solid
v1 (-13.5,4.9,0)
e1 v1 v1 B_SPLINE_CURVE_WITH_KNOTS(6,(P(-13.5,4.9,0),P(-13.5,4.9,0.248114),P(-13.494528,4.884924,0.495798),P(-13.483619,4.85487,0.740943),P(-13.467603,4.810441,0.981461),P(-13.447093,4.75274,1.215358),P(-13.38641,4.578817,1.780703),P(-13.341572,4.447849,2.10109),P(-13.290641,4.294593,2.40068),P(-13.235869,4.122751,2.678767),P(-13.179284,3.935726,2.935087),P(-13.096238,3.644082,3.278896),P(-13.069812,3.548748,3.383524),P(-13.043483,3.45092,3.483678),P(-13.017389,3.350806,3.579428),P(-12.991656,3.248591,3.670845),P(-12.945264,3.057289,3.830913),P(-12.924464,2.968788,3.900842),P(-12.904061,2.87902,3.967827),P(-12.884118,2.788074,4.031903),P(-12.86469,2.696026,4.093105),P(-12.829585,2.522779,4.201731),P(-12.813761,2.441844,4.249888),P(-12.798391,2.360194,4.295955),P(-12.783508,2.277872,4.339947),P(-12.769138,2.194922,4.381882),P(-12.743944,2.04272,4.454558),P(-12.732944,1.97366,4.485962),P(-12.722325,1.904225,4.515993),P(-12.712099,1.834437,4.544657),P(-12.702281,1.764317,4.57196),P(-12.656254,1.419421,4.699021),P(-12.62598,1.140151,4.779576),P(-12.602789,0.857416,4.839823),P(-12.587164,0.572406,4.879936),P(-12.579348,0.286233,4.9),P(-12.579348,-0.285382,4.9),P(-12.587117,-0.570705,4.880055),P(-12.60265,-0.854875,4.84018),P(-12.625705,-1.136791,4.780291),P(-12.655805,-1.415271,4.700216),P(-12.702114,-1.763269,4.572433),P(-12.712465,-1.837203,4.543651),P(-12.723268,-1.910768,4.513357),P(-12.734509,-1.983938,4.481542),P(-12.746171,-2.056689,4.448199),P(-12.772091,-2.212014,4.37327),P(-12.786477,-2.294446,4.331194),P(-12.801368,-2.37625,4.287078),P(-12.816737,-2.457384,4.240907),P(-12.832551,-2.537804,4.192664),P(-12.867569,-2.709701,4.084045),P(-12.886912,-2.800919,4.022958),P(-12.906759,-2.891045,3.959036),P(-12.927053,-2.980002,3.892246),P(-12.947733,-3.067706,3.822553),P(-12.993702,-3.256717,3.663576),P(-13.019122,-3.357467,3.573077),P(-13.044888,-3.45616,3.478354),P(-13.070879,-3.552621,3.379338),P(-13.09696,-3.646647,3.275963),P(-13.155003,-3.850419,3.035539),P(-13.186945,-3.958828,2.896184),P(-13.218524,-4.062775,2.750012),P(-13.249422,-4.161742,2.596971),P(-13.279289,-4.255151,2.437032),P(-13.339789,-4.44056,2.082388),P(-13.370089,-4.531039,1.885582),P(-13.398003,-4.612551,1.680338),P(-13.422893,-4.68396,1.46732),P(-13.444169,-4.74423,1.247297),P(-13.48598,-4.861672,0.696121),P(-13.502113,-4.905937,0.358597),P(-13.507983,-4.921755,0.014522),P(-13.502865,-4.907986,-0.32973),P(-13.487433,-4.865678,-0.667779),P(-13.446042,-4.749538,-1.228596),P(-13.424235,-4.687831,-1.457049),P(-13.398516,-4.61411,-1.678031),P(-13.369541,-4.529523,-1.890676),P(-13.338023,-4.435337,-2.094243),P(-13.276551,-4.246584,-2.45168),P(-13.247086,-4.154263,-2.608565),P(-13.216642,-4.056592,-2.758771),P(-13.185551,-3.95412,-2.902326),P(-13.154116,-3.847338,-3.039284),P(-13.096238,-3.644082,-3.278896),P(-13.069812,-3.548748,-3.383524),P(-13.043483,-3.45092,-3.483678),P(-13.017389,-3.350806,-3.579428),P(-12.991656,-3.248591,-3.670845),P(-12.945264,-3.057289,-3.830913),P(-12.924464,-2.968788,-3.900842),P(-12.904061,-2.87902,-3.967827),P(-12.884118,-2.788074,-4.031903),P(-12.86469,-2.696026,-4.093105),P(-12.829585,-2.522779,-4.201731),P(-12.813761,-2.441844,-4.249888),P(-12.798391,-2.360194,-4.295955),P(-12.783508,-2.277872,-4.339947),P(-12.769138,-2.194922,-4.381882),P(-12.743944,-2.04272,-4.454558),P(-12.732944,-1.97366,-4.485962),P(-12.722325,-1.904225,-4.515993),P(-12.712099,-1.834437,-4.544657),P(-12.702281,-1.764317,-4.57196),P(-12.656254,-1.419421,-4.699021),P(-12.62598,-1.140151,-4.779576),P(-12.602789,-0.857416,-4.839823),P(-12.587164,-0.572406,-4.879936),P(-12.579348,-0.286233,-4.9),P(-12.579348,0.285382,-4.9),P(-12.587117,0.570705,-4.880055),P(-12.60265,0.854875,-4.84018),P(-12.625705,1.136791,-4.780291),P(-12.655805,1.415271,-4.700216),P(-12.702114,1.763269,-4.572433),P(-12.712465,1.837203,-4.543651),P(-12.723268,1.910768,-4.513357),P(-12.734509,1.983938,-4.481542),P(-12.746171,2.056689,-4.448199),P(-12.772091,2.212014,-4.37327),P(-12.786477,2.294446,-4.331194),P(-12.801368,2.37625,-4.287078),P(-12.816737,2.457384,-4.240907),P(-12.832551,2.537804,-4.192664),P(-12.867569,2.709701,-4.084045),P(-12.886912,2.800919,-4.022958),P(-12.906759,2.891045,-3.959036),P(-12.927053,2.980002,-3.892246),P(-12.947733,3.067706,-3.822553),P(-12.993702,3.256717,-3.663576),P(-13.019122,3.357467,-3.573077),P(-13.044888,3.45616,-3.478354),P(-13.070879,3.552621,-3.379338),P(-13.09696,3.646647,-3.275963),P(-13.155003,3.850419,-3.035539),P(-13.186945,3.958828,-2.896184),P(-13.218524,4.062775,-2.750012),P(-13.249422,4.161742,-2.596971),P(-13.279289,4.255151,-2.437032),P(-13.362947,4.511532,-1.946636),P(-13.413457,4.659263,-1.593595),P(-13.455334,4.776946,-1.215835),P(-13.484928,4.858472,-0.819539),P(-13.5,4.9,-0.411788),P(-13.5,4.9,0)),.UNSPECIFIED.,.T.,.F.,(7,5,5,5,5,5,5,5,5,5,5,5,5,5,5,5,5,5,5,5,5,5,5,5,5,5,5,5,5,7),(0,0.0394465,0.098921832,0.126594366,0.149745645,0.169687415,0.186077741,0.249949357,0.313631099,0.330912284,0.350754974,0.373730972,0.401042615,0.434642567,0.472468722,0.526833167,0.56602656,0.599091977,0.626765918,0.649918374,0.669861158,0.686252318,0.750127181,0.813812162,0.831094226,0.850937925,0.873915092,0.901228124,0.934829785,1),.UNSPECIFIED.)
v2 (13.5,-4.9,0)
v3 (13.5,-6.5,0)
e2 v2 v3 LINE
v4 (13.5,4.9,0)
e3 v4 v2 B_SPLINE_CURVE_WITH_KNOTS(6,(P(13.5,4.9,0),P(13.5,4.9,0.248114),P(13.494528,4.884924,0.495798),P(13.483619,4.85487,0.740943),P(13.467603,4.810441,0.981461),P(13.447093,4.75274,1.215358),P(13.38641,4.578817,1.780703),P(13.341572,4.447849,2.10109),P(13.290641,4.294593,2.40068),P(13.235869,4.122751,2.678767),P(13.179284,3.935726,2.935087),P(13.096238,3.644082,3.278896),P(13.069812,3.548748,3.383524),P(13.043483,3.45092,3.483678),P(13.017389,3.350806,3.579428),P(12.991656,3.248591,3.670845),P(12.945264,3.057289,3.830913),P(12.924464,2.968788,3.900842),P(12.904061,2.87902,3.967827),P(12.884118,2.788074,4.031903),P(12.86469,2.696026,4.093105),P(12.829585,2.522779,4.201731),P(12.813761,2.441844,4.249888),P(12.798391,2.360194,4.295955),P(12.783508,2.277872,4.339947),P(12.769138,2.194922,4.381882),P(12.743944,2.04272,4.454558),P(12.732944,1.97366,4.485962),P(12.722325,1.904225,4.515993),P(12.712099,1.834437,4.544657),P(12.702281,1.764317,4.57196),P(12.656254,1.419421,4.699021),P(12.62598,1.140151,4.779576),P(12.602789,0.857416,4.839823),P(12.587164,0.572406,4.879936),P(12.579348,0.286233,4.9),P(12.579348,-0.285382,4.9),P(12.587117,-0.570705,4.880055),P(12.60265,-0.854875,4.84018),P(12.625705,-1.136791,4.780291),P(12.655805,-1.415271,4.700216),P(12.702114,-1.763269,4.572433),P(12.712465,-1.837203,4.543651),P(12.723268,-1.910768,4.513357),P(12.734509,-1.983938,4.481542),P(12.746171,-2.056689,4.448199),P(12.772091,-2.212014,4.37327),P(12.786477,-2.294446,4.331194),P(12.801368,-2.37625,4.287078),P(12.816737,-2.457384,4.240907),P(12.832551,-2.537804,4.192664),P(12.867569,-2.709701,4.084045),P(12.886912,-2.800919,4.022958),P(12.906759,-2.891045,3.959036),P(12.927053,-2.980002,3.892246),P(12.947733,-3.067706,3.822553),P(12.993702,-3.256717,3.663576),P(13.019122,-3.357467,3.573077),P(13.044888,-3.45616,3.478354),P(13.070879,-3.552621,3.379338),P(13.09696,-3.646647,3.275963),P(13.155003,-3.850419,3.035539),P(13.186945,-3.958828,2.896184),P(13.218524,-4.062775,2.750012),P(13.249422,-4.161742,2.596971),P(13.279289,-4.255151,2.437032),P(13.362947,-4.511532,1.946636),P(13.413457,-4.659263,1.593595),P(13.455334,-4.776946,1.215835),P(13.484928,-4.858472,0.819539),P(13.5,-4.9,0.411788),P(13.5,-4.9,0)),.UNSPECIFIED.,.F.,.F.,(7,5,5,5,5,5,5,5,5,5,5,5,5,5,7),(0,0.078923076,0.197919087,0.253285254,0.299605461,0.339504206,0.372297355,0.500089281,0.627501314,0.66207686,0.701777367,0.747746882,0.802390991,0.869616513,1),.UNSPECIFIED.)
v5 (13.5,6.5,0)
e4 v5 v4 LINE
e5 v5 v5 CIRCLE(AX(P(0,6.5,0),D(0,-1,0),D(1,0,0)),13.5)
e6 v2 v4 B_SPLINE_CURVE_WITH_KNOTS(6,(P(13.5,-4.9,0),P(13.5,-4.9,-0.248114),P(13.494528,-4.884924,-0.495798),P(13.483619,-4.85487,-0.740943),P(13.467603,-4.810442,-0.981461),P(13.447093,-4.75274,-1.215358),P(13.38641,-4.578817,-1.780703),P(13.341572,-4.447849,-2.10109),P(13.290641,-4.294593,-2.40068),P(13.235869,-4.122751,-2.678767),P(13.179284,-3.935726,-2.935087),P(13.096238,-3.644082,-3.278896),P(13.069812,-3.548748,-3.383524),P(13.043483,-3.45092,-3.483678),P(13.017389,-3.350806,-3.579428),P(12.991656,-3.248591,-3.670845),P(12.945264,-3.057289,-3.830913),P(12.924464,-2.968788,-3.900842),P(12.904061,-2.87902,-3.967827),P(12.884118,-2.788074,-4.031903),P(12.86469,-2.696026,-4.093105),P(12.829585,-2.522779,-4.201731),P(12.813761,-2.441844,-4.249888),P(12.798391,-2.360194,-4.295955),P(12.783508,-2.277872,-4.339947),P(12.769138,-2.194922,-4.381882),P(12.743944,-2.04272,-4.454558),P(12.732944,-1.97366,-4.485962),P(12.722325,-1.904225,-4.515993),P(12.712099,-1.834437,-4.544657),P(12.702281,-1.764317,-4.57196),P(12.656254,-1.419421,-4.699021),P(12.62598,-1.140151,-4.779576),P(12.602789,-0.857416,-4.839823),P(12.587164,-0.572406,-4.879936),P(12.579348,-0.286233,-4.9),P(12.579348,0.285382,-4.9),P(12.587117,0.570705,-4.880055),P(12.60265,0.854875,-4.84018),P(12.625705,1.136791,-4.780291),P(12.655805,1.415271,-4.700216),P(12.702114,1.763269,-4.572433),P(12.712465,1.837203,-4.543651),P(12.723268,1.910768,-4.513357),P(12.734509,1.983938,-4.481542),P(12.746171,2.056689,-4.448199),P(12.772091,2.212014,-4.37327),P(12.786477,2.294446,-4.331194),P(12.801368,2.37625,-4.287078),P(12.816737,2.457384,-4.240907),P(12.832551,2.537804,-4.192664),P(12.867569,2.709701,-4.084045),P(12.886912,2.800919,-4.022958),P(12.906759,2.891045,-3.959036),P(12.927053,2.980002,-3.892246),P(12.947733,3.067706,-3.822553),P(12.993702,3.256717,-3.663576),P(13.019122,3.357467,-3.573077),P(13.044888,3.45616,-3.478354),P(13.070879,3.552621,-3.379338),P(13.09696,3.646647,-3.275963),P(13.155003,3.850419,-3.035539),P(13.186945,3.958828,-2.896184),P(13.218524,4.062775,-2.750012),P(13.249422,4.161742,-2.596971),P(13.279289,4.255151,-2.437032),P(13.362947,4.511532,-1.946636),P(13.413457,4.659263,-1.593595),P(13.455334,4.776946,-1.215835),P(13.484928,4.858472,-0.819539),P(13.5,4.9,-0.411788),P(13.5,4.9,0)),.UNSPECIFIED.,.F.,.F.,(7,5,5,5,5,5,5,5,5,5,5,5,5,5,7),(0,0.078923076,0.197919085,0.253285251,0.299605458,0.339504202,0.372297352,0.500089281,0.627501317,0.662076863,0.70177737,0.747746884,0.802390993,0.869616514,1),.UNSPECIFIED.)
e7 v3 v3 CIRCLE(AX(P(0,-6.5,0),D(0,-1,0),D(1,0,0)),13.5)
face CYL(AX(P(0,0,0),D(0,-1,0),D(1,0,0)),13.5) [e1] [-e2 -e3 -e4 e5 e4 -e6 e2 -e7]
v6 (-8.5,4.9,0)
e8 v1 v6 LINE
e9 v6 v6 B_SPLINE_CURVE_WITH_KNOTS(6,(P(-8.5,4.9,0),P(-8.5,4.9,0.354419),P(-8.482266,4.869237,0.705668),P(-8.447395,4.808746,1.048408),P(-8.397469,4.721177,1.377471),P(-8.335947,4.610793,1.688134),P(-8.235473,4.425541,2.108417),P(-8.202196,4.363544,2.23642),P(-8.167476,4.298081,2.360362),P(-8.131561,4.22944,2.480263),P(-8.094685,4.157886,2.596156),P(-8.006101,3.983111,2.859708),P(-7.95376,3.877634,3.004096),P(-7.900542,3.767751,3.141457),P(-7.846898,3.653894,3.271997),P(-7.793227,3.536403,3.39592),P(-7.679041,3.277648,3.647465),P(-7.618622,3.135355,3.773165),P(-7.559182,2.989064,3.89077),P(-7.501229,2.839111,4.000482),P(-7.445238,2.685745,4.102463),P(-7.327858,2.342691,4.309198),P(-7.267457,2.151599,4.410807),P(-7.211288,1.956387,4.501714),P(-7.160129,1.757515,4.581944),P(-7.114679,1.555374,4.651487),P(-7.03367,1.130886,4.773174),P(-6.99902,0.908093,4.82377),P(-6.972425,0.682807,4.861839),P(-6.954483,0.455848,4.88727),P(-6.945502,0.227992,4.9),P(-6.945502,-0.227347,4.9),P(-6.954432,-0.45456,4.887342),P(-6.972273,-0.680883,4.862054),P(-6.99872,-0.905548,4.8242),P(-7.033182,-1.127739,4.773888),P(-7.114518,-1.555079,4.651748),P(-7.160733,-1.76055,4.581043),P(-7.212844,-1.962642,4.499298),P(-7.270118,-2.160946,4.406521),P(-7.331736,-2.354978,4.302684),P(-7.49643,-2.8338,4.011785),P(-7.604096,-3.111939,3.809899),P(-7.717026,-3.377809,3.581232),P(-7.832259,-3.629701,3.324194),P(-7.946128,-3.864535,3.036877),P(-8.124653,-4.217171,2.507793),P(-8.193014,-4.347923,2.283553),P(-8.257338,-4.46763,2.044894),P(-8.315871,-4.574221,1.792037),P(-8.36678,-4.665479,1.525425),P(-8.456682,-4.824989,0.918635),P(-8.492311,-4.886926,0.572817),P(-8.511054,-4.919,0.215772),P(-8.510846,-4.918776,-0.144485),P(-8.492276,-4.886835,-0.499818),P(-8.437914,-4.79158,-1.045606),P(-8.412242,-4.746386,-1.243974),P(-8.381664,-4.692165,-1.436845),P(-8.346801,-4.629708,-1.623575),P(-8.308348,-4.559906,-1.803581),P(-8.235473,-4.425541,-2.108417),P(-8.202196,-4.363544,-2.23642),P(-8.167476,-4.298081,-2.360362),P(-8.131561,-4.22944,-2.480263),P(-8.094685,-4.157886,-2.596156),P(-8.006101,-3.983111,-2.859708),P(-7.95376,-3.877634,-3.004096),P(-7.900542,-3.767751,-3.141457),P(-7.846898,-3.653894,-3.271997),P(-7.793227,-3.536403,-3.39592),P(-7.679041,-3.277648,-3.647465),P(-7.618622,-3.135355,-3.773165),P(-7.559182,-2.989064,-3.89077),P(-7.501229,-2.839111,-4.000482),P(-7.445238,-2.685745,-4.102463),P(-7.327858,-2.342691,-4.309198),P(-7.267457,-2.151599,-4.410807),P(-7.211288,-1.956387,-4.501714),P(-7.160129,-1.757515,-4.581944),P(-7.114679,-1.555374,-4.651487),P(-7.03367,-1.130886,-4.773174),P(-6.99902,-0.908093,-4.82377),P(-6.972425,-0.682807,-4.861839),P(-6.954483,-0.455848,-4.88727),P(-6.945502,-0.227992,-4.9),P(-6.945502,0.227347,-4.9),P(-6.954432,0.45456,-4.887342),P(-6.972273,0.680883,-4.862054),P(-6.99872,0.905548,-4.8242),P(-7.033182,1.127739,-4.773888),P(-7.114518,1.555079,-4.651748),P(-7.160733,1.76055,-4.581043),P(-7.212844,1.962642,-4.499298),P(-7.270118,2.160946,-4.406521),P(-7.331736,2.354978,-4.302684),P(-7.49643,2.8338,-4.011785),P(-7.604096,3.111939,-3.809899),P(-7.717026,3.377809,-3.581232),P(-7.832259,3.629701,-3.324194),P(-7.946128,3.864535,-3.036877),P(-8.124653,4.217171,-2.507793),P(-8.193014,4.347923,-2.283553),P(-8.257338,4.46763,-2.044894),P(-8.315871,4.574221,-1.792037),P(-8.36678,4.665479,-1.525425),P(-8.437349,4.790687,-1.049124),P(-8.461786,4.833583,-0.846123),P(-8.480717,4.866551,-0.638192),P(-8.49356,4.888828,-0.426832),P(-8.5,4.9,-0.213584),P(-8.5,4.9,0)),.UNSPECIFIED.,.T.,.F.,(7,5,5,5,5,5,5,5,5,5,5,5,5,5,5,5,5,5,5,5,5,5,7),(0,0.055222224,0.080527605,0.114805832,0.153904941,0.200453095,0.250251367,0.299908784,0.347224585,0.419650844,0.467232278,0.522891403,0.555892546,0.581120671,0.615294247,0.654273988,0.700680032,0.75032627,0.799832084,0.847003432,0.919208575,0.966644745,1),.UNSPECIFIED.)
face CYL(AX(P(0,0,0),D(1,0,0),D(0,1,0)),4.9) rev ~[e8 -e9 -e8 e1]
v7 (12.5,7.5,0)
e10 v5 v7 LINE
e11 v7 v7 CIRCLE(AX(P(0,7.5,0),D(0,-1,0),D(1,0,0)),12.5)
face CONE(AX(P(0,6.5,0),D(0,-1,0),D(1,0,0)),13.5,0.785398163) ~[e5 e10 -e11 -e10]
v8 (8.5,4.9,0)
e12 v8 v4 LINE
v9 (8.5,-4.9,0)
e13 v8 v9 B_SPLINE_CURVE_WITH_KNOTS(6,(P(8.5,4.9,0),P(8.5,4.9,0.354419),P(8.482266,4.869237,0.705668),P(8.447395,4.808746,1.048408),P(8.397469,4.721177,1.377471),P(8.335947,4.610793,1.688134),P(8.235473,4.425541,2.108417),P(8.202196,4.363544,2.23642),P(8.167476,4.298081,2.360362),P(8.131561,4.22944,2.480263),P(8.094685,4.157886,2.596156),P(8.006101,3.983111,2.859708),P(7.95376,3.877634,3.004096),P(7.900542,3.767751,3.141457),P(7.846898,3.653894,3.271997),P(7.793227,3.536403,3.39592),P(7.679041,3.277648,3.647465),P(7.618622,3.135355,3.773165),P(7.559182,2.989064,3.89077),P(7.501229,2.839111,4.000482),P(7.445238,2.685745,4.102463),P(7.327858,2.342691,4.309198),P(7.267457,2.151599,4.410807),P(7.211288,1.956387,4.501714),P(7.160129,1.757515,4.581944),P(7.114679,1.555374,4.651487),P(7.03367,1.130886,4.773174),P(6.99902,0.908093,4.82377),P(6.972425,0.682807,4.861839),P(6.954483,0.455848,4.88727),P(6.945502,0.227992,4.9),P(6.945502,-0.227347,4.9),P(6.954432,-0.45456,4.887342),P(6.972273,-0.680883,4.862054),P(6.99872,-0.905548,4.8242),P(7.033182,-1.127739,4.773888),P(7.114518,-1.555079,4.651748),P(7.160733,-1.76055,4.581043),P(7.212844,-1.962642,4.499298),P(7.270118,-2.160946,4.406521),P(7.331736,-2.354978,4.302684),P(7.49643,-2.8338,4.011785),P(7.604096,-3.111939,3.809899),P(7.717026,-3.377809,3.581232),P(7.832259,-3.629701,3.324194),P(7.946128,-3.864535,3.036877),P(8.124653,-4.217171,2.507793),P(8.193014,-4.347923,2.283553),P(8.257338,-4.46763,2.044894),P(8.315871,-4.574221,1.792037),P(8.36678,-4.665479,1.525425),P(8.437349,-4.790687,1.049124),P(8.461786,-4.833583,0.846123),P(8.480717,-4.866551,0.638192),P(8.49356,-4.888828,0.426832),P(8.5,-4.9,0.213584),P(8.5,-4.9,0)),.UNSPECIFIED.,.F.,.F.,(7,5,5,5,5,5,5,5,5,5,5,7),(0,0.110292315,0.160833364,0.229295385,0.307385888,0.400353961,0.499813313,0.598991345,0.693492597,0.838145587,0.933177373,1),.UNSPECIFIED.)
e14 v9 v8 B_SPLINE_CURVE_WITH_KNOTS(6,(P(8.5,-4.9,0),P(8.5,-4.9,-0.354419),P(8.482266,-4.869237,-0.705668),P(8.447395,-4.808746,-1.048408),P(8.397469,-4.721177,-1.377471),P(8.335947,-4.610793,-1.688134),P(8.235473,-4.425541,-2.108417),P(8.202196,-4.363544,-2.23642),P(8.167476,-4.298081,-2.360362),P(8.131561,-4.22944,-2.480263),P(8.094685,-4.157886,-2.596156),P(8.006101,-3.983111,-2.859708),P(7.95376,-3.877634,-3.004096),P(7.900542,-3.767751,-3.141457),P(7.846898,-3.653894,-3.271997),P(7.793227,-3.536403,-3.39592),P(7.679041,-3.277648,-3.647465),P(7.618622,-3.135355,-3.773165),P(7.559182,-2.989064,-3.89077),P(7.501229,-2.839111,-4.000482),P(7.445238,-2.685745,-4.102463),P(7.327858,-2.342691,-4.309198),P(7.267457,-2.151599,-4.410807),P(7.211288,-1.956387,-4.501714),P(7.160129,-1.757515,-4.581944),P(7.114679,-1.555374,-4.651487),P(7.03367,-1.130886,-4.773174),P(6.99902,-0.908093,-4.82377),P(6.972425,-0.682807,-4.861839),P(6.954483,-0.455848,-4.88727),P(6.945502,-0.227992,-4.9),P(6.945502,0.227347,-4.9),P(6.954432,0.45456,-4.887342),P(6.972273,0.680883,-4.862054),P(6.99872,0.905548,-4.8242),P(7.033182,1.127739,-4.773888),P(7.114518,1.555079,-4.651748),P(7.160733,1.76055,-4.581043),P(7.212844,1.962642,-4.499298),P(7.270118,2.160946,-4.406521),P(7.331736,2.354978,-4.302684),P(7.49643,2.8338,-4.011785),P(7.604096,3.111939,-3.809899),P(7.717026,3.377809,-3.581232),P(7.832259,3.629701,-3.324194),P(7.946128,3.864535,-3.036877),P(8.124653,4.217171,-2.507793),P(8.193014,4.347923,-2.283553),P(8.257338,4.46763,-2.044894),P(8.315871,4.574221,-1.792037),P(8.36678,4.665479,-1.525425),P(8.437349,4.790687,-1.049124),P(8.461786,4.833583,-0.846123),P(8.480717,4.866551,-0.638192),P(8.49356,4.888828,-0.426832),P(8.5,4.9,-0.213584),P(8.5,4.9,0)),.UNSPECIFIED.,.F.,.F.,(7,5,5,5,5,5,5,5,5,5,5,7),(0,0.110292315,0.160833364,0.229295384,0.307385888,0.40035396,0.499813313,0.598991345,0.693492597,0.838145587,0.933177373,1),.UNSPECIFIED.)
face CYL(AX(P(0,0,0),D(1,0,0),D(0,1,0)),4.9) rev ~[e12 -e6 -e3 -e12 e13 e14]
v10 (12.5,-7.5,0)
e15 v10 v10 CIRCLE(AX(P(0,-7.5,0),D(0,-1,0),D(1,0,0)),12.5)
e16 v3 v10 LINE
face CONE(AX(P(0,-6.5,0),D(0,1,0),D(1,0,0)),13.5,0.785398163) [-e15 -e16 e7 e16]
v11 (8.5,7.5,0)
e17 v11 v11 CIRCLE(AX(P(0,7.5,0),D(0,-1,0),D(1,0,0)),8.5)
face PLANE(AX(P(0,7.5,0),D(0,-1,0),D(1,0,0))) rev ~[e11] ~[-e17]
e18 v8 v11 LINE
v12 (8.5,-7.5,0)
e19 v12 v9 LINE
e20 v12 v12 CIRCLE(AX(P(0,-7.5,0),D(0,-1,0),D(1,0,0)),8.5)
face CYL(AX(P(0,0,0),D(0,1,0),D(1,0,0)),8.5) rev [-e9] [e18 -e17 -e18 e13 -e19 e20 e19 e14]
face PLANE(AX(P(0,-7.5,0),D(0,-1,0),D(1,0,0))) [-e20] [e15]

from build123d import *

# Parameters (mm, degrees)
F0_R     = 13.5
F0_R_2   = 8.5
F1_DEPTH = 7.5
F2_R     = 4.9
F3_DEPTH = 15
F4_SIZE  = 1


with BuildPart() as f1:
    # F0 (on Front) → F1 (new body, symmetric)
    with BuildSketch(Plane.XZ):
        Circle(F0_R)
        Circle(F0_R_2, mode=Mode.SUBTRACT)
    extrude(amount=F1_DEPTH, both=True)

    # F2 (on Right) → F3 (cut, symmetric)
    with BuildSketch(Plane.YZ):
        Circle(F2_R)
    extrude(amount=F3_DEPTH, both=True, mode=Mode.SUBTRACT)

    # F4
    f4_edges = [f1.edges().sort_by_distance(p)[0] for p in [
        (-13.5, -7.5, 0),
        (-13.5, 7.5, 0),
    ]]
    chamfer(f4_edges, length=F4_SIZE)


solid = f1.part
